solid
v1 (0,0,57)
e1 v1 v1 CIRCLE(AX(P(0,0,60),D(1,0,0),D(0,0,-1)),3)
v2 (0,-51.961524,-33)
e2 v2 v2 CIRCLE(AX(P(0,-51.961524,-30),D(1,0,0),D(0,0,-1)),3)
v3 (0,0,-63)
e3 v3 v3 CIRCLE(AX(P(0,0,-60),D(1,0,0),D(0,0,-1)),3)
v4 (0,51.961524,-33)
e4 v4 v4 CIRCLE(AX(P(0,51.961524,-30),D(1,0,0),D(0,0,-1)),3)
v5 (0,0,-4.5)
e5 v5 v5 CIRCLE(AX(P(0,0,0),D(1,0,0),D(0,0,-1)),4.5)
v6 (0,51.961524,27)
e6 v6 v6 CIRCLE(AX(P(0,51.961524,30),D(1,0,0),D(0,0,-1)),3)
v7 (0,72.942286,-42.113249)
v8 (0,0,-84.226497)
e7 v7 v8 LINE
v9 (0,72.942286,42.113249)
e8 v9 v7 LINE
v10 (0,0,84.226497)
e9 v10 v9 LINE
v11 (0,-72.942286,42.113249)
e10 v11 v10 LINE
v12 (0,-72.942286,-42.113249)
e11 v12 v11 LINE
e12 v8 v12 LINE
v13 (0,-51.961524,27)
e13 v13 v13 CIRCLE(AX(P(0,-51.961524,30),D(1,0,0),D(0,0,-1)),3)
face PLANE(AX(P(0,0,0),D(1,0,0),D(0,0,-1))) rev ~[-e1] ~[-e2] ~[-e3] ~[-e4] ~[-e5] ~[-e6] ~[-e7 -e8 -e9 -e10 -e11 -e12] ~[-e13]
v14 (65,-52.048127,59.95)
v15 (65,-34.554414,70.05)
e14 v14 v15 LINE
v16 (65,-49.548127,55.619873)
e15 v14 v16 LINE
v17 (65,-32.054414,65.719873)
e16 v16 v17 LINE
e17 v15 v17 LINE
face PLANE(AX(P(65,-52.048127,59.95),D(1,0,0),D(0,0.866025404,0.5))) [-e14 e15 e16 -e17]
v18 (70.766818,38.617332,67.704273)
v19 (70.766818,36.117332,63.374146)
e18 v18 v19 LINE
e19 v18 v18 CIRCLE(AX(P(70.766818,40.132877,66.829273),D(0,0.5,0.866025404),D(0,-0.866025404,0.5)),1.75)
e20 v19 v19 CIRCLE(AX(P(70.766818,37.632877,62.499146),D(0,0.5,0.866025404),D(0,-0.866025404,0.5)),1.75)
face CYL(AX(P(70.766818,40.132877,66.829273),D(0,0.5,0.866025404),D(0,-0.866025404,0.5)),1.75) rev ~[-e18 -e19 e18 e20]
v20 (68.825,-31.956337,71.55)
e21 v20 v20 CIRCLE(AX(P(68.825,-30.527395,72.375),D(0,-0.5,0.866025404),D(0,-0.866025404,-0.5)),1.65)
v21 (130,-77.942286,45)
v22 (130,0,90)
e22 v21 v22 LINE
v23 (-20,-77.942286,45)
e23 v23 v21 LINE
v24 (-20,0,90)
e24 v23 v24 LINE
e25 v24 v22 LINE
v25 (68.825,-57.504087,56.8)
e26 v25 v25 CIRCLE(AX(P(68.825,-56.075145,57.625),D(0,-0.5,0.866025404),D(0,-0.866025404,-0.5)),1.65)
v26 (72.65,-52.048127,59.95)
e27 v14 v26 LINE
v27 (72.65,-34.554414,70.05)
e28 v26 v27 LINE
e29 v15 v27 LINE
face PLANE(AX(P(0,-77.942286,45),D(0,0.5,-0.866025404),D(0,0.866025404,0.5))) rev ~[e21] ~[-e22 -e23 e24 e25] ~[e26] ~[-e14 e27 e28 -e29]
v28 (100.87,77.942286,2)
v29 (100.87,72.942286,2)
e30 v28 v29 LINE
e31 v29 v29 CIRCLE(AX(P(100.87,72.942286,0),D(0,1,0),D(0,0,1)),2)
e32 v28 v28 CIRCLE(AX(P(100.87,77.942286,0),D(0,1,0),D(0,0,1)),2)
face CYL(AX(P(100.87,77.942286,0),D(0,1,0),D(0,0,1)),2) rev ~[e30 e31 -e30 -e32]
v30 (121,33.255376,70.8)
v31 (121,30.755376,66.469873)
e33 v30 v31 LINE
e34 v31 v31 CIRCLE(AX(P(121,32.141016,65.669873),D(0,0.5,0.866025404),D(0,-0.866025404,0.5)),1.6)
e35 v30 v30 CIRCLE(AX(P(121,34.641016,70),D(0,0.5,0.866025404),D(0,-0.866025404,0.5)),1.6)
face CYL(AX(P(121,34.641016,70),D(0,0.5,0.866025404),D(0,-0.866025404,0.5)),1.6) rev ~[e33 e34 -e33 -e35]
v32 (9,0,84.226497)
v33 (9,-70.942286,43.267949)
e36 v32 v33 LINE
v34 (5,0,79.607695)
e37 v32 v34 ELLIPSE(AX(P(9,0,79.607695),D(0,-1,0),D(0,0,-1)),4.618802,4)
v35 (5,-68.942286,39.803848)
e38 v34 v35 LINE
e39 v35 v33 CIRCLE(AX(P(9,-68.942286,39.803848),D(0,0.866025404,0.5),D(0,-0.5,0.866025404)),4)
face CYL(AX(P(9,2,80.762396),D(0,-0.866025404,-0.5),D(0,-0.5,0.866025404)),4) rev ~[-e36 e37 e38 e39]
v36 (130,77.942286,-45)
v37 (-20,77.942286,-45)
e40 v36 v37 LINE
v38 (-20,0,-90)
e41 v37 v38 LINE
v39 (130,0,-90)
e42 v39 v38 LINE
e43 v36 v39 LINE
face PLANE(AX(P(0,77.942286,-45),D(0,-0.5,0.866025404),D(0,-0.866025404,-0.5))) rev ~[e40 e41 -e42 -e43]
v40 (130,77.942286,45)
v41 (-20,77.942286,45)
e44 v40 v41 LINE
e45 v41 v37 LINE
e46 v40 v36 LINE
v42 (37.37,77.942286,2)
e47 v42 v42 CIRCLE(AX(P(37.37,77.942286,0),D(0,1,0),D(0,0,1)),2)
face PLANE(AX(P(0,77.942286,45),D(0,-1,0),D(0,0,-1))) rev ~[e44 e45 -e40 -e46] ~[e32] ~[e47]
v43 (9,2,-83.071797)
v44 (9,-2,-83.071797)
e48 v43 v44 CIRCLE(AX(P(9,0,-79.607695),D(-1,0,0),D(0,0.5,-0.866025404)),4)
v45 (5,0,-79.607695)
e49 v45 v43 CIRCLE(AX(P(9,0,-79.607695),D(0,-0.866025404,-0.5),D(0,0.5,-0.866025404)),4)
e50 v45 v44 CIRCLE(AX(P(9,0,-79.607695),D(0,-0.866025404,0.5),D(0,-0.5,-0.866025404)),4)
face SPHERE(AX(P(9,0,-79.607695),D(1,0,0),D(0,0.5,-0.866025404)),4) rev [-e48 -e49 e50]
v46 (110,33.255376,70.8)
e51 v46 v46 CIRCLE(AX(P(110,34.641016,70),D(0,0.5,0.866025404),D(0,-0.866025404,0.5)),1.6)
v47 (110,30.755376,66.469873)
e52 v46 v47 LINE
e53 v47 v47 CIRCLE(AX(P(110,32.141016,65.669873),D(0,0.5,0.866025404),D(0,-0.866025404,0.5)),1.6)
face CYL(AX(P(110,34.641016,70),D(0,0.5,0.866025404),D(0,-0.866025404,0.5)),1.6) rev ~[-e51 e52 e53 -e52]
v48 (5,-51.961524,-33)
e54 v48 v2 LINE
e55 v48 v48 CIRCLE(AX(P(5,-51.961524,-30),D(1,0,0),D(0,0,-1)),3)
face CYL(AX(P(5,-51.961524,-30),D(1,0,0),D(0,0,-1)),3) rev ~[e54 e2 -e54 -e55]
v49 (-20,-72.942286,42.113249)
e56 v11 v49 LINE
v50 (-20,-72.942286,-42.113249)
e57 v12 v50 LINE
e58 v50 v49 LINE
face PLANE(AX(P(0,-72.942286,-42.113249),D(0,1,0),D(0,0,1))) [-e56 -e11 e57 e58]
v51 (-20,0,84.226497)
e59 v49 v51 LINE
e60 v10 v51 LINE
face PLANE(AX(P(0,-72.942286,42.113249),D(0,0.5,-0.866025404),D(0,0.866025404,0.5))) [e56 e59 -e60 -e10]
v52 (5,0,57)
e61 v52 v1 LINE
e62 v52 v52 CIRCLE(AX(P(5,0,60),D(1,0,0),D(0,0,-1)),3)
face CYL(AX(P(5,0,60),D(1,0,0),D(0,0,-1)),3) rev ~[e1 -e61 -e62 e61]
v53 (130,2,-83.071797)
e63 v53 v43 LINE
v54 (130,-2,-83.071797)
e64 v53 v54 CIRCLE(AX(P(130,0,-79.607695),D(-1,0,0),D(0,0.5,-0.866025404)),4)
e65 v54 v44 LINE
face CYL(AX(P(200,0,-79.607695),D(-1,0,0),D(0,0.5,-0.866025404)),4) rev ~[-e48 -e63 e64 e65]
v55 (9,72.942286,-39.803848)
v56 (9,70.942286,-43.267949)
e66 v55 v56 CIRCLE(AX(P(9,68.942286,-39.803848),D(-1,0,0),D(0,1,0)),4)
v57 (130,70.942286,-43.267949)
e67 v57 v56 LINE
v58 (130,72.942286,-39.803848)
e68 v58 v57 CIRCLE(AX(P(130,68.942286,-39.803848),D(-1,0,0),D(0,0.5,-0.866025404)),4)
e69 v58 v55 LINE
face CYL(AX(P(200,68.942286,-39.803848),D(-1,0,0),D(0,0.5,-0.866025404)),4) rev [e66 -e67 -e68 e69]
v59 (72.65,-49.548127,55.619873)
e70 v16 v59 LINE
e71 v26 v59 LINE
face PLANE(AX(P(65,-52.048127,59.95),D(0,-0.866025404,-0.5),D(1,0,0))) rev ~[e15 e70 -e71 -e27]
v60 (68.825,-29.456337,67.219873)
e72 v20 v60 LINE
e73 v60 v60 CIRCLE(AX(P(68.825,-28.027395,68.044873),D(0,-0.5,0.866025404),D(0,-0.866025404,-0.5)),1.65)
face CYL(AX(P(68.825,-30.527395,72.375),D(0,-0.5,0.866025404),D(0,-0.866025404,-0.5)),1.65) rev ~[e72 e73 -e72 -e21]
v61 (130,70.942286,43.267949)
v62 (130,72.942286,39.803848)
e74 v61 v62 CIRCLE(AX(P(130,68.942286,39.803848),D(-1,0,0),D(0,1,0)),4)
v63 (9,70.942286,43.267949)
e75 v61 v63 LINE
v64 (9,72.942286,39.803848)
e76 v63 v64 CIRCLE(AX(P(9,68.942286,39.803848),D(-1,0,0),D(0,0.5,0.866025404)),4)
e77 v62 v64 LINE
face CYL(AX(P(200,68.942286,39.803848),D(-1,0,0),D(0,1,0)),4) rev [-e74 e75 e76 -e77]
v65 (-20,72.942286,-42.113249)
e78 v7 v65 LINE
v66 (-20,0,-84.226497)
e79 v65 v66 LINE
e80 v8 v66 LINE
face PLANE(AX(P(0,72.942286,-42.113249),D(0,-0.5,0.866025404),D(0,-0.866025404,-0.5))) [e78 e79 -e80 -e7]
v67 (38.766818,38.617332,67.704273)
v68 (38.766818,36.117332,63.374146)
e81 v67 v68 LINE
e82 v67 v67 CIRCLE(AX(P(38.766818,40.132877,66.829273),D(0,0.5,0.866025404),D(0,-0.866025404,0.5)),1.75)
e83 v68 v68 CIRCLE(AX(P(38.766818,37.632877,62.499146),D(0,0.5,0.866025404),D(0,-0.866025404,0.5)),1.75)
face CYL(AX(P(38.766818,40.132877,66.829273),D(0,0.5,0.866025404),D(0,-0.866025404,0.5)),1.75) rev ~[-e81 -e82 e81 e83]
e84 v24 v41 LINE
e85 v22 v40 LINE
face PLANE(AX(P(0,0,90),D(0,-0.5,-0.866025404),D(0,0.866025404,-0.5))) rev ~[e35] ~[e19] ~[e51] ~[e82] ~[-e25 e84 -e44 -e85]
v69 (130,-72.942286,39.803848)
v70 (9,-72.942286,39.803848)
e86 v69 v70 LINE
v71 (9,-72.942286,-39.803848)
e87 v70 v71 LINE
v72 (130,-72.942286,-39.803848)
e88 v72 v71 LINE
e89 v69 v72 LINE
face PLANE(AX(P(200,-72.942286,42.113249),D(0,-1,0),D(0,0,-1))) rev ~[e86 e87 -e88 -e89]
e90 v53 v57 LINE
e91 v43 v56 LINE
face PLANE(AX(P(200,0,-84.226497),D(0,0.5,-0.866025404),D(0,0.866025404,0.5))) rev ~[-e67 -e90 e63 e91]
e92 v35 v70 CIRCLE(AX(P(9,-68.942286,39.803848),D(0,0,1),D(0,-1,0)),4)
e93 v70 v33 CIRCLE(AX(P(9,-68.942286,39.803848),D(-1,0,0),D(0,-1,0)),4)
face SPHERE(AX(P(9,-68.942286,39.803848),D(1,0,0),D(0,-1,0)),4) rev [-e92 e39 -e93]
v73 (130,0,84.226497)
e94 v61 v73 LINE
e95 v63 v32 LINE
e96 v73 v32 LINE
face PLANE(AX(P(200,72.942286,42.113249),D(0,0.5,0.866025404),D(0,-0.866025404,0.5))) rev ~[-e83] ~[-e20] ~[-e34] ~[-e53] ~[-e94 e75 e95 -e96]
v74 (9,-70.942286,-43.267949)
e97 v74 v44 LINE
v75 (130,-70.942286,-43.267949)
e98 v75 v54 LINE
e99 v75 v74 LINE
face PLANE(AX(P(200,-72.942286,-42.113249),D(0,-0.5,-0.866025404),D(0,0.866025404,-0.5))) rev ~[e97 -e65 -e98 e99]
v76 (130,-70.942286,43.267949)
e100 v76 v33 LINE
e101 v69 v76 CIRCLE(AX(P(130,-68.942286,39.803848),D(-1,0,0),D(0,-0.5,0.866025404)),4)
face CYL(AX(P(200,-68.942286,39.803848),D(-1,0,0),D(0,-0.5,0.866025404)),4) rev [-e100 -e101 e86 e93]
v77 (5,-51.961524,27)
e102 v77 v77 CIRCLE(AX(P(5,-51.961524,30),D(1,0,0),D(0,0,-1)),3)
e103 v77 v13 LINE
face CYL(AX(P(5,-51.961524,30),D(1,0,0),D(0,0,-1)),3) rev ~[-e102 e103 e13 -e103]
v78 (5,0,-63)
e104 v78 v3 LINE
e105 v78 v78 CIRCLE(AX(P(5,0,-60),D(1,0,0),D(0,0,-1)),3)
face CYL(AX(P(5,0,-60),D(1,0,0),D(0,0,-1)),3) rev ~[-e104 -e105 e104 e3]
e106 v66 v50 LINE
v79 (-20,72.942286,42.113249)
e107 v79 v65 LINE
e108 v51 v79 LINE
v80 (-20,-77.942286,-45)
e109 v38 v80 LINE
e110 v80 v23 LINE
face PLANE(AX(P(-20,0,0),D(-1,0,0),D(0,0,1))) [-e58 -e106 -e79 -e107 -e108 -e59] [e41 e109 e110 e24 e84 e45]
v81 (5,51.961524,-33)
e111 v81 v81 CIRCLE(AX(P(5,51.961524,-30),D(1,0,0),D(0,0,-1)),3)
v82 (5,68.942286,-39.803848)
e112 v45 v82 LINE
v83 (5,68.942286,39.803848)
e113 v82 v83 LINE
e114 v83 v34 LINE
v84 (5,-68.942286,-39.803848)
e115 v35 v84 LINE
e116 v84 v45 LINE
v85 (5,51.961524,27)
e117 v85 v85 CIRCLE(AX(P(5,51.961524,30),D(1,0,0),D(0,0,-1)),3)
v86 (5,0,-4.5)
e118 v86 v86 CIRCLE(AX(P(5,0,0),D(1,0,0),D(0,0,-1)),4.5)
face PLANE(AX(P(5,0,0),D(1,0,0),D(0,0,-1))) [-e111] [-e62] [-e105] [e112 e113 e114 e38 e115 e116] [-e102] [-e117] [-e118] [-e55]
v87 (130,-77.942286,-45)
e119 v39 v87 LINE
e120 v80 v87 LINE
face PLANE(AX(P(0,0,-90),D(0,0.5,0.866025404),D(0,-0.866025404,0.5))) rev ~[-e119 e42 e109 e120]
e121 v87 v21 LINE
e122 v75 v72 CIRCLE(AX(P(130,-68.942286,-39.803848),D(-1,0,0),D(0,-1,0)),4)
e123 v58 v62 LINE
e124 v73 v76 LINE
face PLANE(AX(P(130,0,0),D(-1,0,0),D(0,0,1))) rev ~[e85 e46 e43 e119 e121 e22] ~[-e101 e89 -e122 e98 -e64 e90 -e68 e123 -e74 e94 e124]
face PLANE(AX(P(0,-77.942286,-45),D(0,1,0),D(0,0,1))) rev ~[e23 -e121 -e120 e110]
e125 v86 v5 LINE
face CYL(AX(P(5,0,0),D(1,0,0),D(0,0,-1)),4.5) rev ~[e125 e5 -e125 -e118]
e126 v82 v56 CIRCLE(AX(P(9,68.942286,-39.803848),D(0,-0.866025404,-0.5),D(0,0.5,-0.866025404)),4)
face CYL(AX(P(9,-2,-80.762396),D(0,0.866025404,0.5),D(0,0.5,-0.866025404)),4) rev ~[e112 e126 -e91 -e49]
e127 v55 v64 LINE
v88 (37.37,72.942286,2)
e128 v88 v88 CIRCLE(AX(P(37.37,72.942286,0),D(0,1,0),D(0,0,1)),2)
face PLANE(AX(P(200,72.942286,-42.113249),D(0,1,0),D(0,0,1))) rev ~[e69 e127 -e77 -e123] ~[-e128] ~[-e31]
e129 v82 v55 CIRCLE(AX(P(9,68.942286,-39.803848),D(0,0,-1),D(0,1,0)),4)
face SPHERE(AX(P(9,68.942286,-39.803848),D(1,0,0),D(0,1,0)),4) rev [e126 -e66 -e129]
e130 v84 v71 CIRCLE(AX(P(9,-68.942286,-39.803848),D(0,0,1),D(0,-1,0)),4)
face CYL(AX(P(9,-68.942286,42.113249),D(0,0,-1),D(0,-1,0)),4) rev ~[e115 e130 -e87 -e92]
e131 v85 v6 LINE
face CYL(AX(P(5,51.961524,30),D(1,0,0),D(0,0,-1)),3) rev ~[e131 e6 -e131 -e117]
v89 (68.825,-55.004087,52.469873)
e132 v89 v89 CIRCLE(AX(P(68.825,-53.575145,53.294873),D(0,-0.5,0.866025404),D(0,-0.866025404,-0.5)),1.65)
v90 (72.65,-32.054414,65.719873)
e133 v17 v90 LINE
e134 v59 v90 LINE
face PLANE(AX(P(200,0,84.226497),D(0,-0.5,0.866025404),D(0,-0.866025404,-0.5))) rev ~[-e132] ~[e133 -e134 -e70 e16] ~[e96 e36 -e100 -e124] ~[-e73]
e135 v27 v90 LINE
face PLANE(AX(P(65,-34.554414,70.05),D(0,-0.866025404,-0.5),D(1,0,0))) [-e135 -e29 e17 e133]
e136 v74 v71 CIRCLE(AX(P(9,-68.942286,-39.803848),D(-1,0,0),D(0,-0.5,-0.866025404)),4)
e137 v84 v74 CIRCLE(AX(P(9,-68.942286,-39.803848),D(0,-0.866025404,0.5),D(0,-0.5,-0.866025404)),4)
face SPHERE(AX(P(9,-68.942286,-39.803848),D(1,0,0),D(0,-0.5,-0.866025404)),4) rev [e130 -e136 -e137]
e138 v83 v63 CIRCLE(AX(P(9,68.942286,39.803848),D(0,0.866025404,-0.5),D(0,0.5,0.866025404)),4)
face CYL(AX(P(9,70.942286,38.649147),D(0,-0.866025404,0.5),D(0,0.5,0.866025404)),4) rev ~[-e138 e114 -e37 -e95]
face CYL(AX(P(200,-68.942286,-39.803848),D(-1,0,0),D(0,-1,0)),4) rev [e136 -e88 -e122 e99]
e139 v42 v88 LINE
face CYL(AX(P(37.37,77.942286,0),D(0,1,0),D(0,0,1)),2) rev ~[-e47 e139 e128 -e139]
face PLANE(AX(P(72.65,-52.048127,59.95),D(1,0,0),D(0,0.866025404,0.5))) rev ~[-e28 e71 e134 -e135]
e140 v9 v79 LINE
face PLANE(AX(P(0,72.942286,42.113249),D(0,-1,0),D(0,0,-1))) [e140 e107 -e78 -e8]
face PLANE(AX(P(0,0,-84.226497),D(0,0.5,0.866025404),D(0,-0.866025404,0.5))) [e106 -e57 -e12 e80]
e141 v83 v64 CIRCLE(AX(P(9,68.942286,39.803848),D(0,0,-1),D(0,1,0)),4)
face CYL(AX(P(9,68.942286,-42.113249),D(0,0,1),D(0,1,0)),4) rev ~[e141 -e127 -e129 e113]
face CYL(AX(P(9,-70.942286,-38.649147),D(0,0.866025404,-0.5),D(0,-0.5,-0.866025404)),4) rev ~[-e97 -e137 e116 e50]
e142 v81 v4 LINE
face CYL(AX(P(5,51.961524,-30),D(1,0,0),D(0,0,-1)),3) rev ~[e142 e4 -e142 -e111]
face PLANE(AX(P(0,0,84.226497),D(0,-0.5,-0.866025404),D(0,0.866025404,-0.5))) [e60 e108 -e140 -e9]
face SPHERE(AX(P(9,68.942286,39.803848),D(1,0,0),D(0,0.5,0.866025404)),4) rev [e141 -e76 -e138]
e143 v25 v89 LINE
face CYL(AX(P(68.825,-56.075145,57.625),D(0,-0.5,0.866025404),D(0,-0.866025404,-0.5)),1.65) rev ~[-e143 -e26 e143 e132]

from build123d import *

# Parameters (mm, degrees)
BOSS_EXTRUDE1_DEPTH = 200
CUT_EXTRUDE1_DEPTH  = 195
SKETCH5_R           = 1.65
SKETCH5_W           = 7.65
SKETCH5_H           = 20.2
CUT_EXTRUDE4_DEPTH  = 70
SKETCH7_R           = 4.5
SKETCH7_R_2         = 3
CUT_EXTRUDE6_DEPTH  = 70
FILLET1_R           = 4
CUT_EXTRUDE7_DEPTH  = 70
SKETCH10_R          = 1.6
CUT_EXTRUDE8_DEPTH  = 6
BOSS_EXTRUDE2_DEPTH = 20
SKETCH12_R          = 2
CUT_EXTRUDE9_DEPTH  = 10
SKETCH13_R          = 1.75
CUT_EXTRUDE10_DEPTH = 10


with BuildPart() as part:
    # Sketch1 → Boss-Extrude1 (new body)
    with BuildSketch(Plane(origin=(0, 0, 0), x_dir=(0, 0, -1), z_dir=(1, 0, 0))):
        Polygon((90, 0), (45, 77.942286341), (-45, 77.942286341), (-90, 0), (-45, -77.942286341), (45, -77.942286341), align=None)
    extrude(amount=BOSS_EXTRUDE1_DEPTH)

    # Sketch2 → Cut-Extrude1 (cut)
    with BuildSketch(Plane(origin=(200, 0, 0), x_dir=(0, 0, -1), z_dir=(1, 0, 0))):
        Polygon((84.226497308, 0), (42.113248654, 72.942286341), (-42.113248654, 72.942286341), (-84.226497308, 0), (-42.113248654, -72.942286341), (42.113248654, -72.942286341), align=None)
    extrude(amount=-CUT_EXTRUDE1_DEPTH, mode=Mode.SUBTRACT)

    # Sketch5 → Cut-Extrude4 (cut)
    with BuildSketch(Plane(origin=(0, -38.97114317, 67.5), x_dir=(1, 0, 0), z_dir=(0, -0.500000000000007, 0.8660254037844347))):
        with Locations(Location((68.825, 9.75, 0), (0, 0, 270))):
            Circle(SKETCH5_R)
        with Locations(Location((68.825, -19.75, 0), (0, 0, 270))):
            Circle(SKETCH5_R)
        with Locations((68.825, -5)):
            Rectangle(SKETCH5_W, SKETCH5_H)
    extrude(amount=-CUT_EXTRUDE4_DEPTH, mode=Mode.SUBTRACT)

    # Sketch7 → Cut-Extrude6 (cut)
    with BuildSketch(Plane(origin=(5, 0, 0), x_dir=(0, 0, -1), z_dir=(1, 0, 0))):
        Circle(SKETCH7_R)
        with Locations((60, 0)):
            Circle(SKETCH7_R_2)
        with Locations((30, 51.961524227)):
            Circle(SKETCH7_R_2)
        with Locations((-30, 51.961524227)):
            Circle(SKETCH7_R_2)
        with Locations((-60, 0)):
            Circle(SKETCH7_R_2)
        with Locations((-30, -51.961524227)):
            Circle(SKETCH7_R_2)
        with Locations((30, -51.961524227)):
            Circle(SKETCH7_R_2)
    extrude(amount=-CUT_EXTRUDE6_DEPTH, mode=Mode.SUBTRACT)

    # Fillet1
    fillet1_edges = [part.edges().sort_by_distance(p)[0] for p in [
        (5, -36.47114317, -63.169872981),
        (102.5, 0, -84.226497308),
        (5, -72.942286341, 0),
        (102.5, -72.942286341, -42.113248654),
        (5, -36.47114317, 63.169872981),
        (102.5, -72.942286341, 42.113248654),
        (5, 36.47114317, 63.169872981),
        (5, 72.942286341, 0),
        (102.5, 72.942286341, 42.113248654),
        (5, 36.47114317, -63.169872981),
        (102.5, 72.942286341, -42.113248654),
    ]]
    fillet(fillet1_edges, radius=FILLET1_R)

    # Sketch9 → Cut-Extrude7 (cut)
    with BuildSketch(Plane(origin=(200, 0, 0), x_dir=(0, 0, -1), z_dir=(1, 0, 0))):
        Polygon((45, 77.942286341), (90, 0), (45, -77.942286341), (-45, -77.942286341), (-90, 0), (-45, 77.942286341), align=None)
    extrude(amount=-CUT_EXTRUDE7_DEPTH, mode=Mode.SUBTRACT)

    # Sketch10 → Cut-Extrude8 (cut)
    with BuildSketch(Plane(origin=(0, 38.97114317, 67.5), x_dir=(1, 0, 0), z_dir=(0, 0.49999999999999495, 0.8660254037844417))):
        with Locations(Location((110, -5, 0), (0, 0, 270))):
            Circle(SKETCH10_R)
        with Locations(Location((121, -5, 0), (0, 0, 270))):
            Circle(SKETCH10_R)
    extrude(amount=-CUT_EXTRUDE8_DEPTH, mode=Mode.SUBTRACT)

    # Sketch11 → Boss-Extrude2 (add)
    with BuildSketch(Plane.ZY):
        Polygon((90, 0), (45, 77.942286341), (-45, 77.942286341), (-90, 0), (-45, -77.942286341), (45, -77.942286341), align=None)
        Polygon((84.226497308, 0), (42.113248654, 72.942286341), (-42.113248654, 72.942286341), (-84.226497308, 0), (-42.113248654, -72.942286341), (42.113248654, -72.942286341), align=None, mode=Mode.SUBTRACT)
    extrude(amount=BOSS_EXTRUDE2_DEPTH)

    # Sketch12 → Cut-Extrude9 (cut)
    with BuildSketch(Plane(origin=(0, 77.942286341, 0), x_dir=(1, 0, 0), z_dir=(0, 1, 0))):
        with Locations(Location((100.87, 0, 0), (0, 0, 270))):
            Circle(SKETCH12_R)
        with Locations(Location((37.37, 0, 0), (0, 0, 270))):
            Circle(SKETCH12_R)
    extrude(amount=-CUT_EXTRUDE9_DEPTH, mode=Mode.SUBTRACT)

    # Sketch13 → Cut-Extrude10 (cut)
    with BuildSketch(Plane(origin=(0, 38.97114317, 67.5), x_dir=(1, 0, 0), z_dir=(0, 0.49999999999999983, 0.8660254037844387))):
        with Locations(Location((70.766818174, 1.341454493, 0), (0, 0, 270))):
            Circle(SKETCH13_R)
        with Locations(Location((38.766818174, 1.341454493, 0), (0, 0, 270))):
            Circle(SKETCH13_R)
    extrude(amount=-CUT_EXTRUDE10_DEPTH, mode=Mode.SUBTRACT)


solid = part.part
